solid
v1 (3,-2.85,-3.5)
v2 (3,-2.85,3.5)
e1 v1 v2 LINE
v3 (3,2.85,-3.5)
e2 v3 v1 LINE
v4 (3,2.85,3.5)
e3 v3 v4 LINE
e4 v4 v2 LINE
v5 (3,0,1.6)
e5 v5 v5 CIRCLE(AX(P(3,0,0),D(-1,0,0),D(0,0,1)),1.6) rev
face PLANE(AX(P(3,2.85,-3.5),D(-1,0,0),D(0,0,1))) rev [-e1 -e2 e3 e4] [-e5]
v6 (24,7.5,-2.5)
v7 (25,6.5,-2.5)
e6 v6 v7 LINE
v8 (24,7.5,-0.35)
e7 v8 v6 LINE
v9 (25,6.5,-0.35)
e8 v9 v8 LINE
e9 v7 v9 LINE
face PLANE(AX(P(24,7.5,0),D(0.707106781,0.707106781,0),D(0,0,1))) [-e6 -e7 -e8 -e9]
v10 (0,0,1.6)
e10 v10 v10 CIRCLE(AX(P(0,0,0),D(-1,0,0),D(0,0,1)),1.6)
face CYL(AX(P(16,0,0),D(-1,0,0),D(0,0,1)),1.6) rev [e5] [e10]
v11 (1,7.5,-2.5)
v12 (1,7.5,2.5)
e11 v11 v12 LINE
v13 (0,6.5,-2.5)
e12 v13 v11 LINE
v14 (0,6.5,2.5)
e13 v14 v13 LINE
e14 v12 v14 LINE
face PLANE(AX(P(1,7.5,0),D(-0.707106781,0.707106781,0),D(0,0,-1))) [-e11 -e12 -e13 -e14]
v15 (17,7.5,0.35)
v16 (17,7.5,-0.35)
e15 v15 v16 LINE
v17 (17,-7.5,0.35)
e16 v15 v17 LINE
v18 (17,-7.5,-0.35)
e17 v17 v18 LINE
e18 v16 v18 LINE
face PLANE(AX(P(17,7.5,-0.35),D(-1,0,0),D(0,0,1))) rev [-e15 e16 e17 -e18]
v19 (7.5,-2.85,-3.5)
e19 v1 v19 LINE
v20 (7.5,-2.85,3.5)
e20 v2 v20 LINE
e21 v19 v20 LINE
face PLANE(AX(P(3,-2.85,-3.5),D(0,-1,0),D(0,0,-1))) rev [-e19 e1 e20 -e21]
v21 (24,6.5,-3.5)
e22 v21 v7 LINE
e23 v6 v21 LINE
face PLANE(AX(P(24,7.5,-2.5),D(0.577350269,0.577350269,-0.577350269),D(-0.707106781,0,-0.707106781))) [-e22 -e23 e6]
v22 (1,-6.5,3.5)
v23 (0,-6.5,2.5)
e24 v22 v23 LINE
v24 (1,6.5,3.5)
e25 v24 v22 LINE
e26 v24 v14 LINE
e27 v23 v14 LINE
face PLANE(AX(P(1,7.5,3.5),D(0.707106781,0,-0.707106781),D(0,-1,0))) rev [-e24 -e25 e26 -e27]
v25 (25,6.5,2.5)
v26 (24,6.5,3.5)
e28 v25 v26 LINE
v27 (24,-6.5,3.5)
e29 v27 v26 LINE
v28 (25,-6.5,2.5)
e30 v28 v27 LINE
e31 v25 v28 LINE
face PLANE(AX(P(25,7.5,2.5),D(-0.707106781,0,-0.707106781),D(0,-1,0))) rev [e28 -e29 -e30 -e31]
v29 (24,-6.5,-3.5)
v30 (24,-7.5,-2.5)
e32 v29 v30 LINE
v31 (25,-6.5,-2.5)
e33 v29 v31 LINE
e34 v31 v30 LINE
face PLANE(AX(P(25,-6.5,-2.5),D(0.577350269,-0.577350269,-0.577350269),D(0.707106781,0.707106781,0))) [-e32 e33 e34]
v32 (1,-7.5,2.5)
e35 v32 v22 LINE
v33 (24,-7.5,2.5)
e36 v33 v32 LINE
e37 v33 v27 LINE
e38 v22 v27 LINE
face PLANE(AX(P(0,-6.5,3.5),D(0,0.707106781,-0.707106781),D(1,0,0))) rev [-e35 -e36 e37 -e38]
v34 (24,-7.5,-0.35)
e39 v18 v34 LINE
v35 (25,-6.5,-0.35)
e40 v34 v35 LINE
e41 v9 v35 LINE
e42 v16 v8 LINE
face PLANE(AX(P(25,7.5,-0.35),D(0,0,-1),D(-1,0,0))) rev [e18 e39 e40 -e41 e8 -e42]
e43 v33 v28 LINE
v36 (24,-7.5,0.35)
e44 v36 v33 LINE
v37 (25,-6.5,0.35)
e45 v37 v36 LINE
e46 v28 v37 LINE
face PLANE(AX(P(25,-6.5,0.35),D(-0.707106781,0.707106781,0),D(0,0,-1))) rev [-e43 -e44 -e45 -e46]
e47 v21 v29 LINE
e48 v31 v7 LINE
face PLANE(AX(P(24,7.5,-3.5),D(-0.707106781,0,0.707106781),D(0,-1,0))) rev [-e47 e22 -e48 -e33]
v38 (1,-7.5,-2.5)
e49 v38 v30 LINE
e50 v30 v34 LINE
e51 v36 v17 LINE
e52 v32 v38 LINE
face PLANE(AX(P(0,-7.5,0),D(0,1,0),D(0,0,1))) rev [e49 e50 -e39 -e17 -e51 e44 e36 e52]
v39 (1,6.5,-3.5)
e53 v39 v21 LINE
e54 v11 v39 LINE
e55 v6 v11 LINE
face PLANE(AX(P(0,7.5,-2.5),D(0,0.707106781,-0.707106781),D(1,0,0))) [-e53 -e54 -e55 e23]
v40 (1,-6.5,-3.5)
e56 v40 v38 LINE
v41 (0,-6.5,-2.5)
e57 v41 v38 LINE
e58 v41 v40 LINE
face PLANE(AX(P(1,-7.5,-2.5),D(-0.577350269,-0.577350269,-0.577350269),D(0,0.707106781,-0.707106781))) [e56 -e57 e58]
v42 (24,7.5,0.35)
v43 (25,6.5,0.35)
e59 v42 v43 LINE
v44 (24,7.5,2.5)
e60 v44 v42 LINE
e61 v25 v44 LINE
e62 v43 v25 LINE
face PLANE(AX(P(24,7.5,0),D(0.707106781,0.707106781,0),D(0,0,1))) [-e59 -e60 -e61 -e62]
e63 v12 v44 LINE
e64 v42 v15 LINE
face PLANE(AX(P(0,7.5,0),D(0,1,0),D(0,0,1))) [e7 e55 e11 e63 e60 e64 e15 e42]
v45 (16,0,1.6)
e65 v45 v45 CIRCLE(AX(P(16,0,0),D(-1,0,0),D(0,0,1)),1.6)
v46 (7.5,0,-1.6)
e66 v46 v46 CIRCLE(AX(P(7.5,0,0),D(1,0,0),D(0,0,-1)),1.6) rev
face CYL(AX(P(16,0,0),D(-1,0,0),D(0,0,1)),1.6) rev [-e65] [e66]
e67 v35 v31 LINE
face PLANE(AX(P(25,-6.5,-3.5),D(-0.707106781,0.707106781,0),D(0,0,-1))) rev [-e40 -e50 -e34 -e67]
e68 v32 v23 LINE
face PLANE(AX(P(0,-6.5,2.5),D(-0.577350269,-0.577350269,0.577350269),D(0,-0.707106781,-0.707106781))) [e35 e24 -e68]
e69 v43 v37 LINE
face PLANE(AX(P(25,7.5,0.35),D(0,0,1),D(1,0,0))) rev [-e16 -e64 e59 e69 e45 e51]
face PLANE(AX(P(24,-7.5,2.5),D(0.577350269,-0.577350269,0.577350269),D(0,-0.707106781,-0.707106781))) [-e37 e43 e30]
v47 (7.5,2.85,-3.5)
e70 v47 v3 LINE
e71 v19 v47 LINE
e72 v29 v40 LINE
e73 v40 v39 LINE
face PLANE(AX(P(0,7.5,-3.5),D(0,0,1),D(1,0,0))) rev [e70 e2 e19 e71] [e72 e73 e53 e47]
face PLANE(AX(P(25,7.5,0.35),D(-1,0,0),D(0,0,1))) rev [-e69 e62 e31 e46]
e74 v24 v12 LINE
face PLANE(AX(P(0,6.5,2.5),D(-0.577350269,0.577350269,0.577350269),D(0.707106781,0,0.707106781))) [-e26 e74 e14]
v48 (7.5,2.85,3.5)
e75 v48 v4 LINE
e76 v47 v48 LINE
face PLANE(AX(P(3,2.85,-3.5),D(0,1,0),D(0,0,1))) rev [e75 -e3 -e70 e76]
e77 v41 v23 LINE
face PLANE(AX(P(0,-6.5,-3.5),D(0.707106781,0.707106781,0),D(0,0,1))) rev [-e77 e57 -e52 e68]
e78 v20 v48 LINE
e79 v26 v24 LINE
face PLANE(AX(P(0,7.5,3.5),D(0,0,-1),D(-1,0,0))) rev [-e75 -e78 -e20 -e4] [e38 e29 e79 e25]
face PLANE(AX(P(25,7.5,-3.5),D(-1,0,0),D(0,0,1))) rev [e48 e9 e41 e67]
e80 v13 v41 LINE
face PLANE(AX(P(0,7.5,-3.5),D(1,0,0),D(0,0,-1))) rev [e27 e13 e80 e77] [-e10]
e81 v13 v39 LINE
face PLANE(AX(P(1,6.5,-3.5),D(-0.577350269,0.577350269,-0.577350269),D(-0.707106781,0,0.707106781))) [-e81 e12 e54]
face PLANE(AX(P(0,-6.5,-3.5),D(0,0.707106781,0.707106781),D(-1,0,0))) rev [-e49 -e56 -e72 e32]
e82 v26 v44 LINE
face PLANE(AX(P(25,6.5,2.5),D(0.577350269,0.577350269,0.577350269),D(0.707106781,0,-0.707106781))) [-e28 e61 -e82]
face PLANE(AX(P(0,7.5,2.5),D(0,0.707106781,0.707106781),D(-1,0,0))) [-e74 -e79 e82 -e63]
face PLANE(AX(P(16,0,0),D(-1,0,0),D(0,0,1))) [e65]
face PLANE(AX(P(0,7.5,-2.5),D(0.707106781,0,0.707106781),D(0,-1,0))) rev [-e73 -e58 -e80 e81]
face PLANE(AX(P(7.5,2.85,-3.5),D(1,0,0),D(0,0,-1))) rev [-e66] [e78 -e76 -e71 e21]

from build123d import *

# Parameters (mm, degrees)
BOSS_EXTRUDE1_DEPTH = 7.5
SKETCH3_R           = 1.6
CUT_EXTRUDE1_DEPTH  = 16
SKETCH4_W           = 4.5
SKETCH4_H           = 5.7
CUT_EXTRUDE2_DEPTH  = 28.023138234
CHAMFER1_SIZE       = 1


with BuildPart() as part:
    # Sketch2 → Boss-Extrude1 (new, symmetric)
    with BuildSketch(Plane(origin=(0, 0, 0), x_dir=(1, 0, 0), z_dir=(0, 1, 0))):
        Polygon((25, -0.35), (25, -3.5), (0, -3.5), (0, 3.5), (25, 3.5), (25, 0.35), (17, 0.35), (17, -0.35), align=None)
    extrude(amount=BOSS_EXTRUDE1_DEPTH, both=True)

    # Sketch3 → Cut-Extrude1 (cut)
    with BuildSketch(Plane.ZY):
        Circle(SKETCH3_R)
    extrude(amount=-CUT_EXTRUDE1_DEPTH, mode=Mode.SUBTRACT)

    # Sketch4 → Cut-Extrude2 (cut, through all)
    with BuildSketch(Plane.XY.offset(3.5)):
        with Locations((5.25, 0)):
            Rectangle(SKETCH4_W, SKETCH4_H)
    extrude(amount=-CUT_EXTRUDE2_DEPTH, mode=Mode.SUBTRACT)

    # Chamfer1
    chamfer1_edges = [part.edges().sort_by_distance(p)[0] for p in [
        (25, 7.5, 1.925),
        (12.5, -7.5, 3.5),
        (0, -7.5, 0),
        (0, 0, -3.5),
        (25, 0, -3.5),
        (25, 0, 3.5),
        (0, 0, 3.5),
        (25, 7.5, -1.925),
        (12.5, 7.5, -3.5),
        (0, 7.5, 0),
        (12.5, 7.5, 3.5),
        (12.5, -7.5, -3.5),
        (25, -7.5, -1.925),
        (25, -7.5, 1.925),
    ]]
    chamfer(chamfer1_edges, length=CHAMFER1_SIZE)


solid = part.part
